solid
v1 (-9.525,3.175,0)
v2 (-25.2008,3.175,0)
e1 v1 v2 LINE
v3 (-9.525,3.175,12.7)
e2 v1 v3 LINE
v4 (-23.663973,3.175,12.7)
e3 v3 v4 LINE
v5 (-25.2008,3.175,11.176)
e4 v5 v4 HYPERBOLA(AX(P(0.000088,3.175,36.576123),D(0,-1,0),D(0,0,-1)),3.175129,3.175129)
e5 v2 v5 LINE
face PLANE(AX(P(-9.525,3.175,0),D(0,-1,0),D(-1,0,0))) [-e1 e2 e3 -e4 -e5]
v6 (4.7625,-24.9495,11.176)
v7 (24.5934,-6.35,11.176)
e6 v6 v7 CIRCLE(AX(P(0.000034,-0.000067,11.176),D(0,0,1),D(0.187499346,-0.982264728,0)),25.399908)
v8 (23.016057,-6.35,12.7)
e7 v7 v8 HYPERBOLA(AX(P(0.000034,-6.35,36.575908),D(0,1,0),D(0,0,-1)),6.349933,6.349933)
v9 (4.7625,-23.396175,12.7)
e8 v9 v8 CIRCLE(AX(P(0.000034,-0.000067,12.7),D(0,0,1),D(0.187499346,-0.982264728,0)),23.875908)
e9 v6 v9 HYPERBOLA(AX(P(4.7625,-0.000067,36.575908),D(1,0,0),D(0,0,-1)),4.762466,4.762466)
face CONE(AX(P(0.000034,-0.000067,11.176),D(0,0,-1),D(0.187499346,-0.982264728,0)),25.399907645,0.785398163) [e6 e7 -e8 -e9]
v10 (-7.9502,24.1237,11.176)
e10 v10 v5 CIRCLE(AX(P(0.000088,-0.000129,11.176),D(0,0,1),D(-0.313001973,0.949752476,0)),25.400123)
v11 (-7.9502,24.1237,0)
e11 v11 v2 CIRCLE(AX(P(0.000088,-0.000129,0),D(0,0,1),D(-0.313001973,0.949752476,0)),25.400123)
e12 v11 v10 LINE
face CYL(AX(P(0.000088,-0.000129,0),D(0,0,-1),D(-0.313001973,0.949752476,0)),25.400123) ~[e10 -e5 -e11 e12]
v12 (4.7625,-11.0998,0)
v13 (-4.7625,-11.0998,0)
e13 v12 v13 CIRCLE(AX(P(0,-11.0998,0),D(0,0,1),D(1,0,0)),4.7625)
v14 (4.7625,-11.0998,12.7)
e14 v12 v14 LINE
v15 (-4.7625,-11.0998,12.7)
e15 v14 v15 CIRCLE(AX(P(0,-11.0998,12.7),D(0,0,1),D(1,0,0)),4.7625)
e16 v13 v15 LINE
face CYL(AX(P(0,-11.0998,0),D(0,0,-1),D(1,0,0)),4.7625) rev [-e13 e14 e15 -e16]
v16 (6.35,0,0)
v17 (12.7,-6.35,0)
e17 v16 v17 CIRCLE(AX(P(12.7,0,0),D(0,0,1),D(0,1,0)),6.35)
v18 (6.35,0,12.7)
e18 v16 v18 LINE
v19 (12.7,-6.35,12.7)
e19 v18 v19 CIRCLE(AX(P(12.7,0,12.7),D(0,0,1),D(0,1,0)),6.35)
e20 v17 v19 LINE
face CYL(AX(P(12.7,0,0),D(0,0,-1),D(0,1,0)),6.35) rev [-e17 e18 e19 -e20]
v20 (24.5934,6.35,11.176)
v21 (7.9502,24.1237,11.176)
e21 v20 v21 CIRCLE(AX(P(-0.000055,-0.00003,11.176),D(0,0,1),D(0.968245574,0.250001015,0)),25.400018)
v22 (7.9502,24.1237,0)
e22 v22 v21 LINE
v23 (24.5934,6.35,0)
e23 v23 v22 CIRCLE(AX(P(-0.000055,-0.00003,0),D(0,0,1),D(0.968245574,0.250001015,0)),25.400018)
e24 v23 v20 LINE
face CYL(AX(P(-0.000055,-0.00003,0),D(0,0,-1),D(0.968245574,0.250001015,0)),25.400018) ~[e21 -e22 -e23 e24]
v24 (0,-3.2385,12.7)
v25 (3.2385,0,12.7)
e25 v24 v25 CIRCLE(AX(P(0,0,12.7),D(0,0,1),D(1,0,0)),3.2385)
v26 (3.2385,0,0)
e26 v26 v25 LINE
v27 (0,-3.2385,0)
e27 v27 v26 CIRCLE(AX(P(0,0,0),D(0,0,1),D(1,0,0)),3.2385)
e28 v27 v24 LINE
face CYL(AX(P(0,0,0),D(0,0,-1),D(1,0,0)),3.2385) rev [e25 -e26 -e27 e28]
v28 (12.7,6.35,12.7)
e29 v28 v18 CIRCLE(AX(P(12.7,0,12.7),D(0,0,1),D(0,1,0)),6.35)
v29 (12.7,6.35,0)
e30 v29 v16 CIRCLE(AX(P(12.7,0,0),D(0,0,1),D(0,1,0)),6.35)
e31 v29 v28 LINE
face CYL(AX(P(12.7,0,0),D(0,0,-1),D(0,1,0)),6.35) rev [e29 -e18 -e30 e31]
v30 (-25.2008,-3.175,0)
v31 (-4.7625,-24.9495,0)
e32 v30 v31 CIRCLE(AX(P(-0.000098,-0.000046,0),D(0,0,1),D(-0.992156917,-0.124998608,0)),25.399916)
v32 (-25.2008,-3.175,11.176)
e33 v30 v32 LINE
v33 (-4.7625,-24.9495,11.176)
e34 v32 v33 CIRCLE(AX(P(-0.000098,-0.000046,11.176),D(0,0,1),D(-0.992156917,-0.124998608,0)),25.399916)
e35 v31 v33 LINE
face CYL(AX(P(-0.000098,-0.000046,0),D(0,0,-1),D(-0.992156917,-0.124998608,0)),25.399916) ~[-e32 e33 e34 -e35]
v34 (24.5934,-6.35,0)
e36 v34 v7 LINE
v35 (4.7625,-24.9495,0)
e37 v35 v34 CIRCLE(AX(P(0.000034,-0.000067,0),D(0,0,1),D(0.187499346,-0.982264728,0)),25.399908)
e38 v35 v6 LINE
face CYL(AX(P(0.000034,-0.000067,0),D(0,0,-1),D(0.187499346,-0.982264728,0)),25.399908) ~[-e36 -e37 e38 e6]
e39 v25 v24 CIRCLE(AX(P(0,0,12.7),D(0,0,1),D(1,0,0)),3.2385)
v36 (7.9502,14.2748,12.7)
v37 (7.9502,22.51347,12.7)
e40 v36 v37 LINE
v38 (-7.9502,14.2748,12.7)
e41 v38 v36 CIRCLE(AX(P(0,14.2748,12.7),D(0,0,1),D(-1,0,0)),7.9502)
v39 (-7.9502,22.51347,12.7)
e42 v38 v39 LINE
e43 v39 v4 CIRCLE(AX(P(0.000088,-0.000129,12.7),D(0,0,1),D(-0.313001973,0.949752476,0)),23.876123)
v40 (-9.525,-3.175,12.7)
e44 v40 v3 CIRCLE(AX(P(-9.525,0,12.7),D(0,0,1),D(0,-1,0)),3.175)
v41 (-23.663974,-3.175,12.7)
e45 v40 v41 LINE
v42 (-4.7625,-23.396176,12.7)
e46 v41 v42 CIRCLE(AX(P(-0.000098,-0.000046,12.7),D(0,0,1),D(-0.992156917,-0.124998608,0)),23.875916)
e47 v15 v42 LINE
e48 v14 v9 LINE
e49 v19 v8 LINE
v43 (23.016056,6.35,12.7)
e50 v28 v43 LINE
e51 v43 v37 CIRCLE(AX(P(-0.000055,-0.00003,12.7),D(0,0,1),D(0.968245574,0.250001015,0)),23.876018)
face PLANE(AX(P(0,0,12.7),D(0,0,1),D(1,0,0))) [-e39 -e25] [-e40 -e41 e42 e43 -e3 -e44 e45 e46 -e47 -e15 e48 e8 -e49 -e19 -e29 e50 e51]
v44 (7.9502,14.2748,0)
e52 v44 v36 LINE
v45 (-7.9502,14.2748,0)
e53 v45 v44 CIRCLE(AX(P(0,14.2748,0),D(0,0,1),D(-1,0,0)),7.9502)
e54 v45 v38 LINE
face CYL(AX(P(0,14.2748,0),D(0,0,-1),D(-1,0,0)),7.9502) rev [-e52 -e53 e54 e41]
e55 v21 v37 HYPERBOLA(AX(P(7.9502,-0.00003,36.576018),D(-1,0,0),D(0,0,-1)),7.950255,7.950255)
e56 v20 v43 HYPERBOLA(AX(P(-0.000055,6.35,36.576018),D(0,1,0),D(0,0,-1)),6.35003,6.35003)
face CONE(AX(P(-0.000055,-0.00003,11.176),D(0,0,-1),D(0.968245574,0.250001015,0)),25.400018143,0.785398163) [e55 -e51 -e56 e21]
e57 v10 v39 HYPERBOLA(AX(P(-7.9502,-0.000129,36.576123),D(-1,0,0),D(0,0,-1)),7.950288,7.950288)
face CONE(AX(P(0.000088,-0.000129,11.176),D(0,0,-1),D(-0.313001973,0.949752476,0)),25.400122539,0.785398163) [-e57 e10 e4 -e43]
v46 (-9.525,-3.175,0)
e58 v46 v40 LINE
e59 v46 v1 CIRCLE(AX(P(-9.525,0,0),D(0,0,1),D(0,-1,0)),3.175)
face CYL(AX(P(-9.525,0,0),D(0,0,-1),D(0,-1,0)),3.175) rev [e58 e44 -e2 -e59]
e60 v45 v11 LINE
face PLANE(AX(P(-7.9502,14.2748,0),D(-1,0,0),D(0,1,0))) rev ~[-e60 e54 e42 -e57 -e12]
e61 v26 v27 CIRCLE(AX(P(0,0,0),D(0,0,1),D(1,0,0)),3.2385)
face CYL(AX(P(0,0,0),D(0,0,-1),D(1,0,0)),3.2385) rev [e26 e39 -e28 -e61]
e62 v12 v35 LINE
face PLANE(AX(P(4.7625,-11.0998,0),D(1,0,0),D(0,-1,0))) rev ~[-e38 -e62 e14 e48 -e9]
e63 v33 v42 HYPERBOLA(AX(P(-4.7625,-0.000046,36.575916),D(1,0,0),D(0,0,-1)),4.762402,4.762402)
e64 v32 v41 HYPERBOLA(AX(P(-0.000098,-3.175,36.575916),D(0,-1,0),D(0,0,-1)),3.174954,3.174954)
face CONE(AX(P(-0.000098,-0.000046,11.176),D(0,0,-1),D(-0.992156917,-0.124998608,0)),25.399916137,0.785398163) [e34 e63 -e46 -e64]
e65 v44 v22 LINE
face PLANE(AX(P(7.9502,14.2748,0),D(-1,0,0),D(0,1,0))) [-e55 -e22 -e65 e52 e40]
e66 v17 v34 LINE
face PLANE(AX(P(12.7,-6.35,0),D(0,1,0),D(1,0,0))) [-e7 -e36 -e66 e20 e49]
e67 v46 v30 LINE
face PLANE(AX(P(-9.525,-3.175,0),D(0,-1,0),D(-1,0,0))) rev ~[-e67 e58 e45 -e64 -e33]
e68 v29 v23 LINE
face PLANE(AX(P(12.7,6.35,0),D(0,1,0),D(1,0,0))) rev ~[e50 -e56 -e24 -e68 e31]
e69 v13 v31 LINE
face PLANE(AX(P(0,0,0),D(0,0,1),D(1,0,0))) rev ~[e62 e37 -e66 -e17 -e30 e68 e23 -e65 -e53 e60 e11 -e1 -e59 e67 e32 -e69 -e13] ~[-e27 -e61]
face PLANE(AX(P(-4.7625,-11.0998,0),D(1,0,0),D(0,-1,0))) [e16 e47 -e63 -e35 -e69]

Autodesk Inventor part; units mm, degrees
ref_plane "YZ Plane" through (0, 0, 0) normal (1, 0, 0) x (0, 1, 0)
ref_plane "XZ Plane" through (0, 0, 0) normal (0, 1, 0) x (-1, 0, 0)
ref_plane "XY Plane" through (0, 0, 0) normal (0, 0, 1) x (1, 0, 0)
sketch "Sketch1" plane through (0, 0, 0) normal (0, 0, 1) x (1, 0, 0)
  line L0 (4.7625, 0) -> (6.35, 0)
  line L1 (0, -3.175) -> (0, -3.2385)
  arc A0 (12.7, 6.35) -> (12.7, -6.35) centre (12.7, 0) ccw
  arc A1 (-7.9502, 14.2748) -> (7.9502, 14.2748) centre (0, 14.2748) ccw
  arc A2 (-9.525, -3.175) -> (-9.525, 3.175) centre (-9.525, 0) ccw
  arc A3 (4.7625, -11.0998) -> (-4.7625, -11.0998) centre (0, -11.0998) ccw
  circle A4 centre (0, 0) radius 3.2385
  line L2 (7.9502, 14.2748) -> (7.9502, 24.1237)
  line L3 (-7.9502, 14.2748) -> (-7.9502, 24.1237)
  line L4 (12.7, 6.35) -> (24.5934, 6.35)
  line L5 (12.7, -6.35) -> (24.5934, -6.35)
  arc A5 (24.5934, 6.35) -> (7.9502, 24.1237) centre (0, 0) ccw
  line L6 (-9.525, 3.175) -> (-25.2008, 3.175)
  line L7 (-9.525, -3.175) -> (-25.2008, -3.175)
  arc A6 (-7.9502, 24.1237) -> (-25.2008, 3.175) centre (0, 0) ccw
  line L8 (-4.7625, -11.0998) -> (-4.7625, -24.9495)
  line L9 (4.7625, -11.0998) -> (4.7625, -24.9495)
  arc A7 (-25.2008, -3.175) -> (-4.7625, -24.9495) centre (0, 0) ccw
  arc A8 (4.7625, -24.9495) -> (24.5934, -6.35) centre (0, 0) ccw
  dimension "d5" = 6.477
  dimension "d1" = 12.7
  dimension "d2" = 15.9004
  dimension "d3" = 6.35
  dimension "d4" = 9.525
  dimension "d6" = 11.0998
  dimension "d7" = 14.2748
  dimension "d8" = 12.7
  dimension "d9" = 9.525
extrude "Extrusion1" add sketch "Sketch1" along normal blind 12.7
chamfer "Chamfer2" distance 1.524 angle 45 4 edges at (-19.6076, 16.1462, 12.7) (18.5405, 17.3612, 12.7) (17.3761, -18.5265, 12.7) (-18.5198, -17.3833, 12.7)
properties part number "Table" material "Stainless Steel"
